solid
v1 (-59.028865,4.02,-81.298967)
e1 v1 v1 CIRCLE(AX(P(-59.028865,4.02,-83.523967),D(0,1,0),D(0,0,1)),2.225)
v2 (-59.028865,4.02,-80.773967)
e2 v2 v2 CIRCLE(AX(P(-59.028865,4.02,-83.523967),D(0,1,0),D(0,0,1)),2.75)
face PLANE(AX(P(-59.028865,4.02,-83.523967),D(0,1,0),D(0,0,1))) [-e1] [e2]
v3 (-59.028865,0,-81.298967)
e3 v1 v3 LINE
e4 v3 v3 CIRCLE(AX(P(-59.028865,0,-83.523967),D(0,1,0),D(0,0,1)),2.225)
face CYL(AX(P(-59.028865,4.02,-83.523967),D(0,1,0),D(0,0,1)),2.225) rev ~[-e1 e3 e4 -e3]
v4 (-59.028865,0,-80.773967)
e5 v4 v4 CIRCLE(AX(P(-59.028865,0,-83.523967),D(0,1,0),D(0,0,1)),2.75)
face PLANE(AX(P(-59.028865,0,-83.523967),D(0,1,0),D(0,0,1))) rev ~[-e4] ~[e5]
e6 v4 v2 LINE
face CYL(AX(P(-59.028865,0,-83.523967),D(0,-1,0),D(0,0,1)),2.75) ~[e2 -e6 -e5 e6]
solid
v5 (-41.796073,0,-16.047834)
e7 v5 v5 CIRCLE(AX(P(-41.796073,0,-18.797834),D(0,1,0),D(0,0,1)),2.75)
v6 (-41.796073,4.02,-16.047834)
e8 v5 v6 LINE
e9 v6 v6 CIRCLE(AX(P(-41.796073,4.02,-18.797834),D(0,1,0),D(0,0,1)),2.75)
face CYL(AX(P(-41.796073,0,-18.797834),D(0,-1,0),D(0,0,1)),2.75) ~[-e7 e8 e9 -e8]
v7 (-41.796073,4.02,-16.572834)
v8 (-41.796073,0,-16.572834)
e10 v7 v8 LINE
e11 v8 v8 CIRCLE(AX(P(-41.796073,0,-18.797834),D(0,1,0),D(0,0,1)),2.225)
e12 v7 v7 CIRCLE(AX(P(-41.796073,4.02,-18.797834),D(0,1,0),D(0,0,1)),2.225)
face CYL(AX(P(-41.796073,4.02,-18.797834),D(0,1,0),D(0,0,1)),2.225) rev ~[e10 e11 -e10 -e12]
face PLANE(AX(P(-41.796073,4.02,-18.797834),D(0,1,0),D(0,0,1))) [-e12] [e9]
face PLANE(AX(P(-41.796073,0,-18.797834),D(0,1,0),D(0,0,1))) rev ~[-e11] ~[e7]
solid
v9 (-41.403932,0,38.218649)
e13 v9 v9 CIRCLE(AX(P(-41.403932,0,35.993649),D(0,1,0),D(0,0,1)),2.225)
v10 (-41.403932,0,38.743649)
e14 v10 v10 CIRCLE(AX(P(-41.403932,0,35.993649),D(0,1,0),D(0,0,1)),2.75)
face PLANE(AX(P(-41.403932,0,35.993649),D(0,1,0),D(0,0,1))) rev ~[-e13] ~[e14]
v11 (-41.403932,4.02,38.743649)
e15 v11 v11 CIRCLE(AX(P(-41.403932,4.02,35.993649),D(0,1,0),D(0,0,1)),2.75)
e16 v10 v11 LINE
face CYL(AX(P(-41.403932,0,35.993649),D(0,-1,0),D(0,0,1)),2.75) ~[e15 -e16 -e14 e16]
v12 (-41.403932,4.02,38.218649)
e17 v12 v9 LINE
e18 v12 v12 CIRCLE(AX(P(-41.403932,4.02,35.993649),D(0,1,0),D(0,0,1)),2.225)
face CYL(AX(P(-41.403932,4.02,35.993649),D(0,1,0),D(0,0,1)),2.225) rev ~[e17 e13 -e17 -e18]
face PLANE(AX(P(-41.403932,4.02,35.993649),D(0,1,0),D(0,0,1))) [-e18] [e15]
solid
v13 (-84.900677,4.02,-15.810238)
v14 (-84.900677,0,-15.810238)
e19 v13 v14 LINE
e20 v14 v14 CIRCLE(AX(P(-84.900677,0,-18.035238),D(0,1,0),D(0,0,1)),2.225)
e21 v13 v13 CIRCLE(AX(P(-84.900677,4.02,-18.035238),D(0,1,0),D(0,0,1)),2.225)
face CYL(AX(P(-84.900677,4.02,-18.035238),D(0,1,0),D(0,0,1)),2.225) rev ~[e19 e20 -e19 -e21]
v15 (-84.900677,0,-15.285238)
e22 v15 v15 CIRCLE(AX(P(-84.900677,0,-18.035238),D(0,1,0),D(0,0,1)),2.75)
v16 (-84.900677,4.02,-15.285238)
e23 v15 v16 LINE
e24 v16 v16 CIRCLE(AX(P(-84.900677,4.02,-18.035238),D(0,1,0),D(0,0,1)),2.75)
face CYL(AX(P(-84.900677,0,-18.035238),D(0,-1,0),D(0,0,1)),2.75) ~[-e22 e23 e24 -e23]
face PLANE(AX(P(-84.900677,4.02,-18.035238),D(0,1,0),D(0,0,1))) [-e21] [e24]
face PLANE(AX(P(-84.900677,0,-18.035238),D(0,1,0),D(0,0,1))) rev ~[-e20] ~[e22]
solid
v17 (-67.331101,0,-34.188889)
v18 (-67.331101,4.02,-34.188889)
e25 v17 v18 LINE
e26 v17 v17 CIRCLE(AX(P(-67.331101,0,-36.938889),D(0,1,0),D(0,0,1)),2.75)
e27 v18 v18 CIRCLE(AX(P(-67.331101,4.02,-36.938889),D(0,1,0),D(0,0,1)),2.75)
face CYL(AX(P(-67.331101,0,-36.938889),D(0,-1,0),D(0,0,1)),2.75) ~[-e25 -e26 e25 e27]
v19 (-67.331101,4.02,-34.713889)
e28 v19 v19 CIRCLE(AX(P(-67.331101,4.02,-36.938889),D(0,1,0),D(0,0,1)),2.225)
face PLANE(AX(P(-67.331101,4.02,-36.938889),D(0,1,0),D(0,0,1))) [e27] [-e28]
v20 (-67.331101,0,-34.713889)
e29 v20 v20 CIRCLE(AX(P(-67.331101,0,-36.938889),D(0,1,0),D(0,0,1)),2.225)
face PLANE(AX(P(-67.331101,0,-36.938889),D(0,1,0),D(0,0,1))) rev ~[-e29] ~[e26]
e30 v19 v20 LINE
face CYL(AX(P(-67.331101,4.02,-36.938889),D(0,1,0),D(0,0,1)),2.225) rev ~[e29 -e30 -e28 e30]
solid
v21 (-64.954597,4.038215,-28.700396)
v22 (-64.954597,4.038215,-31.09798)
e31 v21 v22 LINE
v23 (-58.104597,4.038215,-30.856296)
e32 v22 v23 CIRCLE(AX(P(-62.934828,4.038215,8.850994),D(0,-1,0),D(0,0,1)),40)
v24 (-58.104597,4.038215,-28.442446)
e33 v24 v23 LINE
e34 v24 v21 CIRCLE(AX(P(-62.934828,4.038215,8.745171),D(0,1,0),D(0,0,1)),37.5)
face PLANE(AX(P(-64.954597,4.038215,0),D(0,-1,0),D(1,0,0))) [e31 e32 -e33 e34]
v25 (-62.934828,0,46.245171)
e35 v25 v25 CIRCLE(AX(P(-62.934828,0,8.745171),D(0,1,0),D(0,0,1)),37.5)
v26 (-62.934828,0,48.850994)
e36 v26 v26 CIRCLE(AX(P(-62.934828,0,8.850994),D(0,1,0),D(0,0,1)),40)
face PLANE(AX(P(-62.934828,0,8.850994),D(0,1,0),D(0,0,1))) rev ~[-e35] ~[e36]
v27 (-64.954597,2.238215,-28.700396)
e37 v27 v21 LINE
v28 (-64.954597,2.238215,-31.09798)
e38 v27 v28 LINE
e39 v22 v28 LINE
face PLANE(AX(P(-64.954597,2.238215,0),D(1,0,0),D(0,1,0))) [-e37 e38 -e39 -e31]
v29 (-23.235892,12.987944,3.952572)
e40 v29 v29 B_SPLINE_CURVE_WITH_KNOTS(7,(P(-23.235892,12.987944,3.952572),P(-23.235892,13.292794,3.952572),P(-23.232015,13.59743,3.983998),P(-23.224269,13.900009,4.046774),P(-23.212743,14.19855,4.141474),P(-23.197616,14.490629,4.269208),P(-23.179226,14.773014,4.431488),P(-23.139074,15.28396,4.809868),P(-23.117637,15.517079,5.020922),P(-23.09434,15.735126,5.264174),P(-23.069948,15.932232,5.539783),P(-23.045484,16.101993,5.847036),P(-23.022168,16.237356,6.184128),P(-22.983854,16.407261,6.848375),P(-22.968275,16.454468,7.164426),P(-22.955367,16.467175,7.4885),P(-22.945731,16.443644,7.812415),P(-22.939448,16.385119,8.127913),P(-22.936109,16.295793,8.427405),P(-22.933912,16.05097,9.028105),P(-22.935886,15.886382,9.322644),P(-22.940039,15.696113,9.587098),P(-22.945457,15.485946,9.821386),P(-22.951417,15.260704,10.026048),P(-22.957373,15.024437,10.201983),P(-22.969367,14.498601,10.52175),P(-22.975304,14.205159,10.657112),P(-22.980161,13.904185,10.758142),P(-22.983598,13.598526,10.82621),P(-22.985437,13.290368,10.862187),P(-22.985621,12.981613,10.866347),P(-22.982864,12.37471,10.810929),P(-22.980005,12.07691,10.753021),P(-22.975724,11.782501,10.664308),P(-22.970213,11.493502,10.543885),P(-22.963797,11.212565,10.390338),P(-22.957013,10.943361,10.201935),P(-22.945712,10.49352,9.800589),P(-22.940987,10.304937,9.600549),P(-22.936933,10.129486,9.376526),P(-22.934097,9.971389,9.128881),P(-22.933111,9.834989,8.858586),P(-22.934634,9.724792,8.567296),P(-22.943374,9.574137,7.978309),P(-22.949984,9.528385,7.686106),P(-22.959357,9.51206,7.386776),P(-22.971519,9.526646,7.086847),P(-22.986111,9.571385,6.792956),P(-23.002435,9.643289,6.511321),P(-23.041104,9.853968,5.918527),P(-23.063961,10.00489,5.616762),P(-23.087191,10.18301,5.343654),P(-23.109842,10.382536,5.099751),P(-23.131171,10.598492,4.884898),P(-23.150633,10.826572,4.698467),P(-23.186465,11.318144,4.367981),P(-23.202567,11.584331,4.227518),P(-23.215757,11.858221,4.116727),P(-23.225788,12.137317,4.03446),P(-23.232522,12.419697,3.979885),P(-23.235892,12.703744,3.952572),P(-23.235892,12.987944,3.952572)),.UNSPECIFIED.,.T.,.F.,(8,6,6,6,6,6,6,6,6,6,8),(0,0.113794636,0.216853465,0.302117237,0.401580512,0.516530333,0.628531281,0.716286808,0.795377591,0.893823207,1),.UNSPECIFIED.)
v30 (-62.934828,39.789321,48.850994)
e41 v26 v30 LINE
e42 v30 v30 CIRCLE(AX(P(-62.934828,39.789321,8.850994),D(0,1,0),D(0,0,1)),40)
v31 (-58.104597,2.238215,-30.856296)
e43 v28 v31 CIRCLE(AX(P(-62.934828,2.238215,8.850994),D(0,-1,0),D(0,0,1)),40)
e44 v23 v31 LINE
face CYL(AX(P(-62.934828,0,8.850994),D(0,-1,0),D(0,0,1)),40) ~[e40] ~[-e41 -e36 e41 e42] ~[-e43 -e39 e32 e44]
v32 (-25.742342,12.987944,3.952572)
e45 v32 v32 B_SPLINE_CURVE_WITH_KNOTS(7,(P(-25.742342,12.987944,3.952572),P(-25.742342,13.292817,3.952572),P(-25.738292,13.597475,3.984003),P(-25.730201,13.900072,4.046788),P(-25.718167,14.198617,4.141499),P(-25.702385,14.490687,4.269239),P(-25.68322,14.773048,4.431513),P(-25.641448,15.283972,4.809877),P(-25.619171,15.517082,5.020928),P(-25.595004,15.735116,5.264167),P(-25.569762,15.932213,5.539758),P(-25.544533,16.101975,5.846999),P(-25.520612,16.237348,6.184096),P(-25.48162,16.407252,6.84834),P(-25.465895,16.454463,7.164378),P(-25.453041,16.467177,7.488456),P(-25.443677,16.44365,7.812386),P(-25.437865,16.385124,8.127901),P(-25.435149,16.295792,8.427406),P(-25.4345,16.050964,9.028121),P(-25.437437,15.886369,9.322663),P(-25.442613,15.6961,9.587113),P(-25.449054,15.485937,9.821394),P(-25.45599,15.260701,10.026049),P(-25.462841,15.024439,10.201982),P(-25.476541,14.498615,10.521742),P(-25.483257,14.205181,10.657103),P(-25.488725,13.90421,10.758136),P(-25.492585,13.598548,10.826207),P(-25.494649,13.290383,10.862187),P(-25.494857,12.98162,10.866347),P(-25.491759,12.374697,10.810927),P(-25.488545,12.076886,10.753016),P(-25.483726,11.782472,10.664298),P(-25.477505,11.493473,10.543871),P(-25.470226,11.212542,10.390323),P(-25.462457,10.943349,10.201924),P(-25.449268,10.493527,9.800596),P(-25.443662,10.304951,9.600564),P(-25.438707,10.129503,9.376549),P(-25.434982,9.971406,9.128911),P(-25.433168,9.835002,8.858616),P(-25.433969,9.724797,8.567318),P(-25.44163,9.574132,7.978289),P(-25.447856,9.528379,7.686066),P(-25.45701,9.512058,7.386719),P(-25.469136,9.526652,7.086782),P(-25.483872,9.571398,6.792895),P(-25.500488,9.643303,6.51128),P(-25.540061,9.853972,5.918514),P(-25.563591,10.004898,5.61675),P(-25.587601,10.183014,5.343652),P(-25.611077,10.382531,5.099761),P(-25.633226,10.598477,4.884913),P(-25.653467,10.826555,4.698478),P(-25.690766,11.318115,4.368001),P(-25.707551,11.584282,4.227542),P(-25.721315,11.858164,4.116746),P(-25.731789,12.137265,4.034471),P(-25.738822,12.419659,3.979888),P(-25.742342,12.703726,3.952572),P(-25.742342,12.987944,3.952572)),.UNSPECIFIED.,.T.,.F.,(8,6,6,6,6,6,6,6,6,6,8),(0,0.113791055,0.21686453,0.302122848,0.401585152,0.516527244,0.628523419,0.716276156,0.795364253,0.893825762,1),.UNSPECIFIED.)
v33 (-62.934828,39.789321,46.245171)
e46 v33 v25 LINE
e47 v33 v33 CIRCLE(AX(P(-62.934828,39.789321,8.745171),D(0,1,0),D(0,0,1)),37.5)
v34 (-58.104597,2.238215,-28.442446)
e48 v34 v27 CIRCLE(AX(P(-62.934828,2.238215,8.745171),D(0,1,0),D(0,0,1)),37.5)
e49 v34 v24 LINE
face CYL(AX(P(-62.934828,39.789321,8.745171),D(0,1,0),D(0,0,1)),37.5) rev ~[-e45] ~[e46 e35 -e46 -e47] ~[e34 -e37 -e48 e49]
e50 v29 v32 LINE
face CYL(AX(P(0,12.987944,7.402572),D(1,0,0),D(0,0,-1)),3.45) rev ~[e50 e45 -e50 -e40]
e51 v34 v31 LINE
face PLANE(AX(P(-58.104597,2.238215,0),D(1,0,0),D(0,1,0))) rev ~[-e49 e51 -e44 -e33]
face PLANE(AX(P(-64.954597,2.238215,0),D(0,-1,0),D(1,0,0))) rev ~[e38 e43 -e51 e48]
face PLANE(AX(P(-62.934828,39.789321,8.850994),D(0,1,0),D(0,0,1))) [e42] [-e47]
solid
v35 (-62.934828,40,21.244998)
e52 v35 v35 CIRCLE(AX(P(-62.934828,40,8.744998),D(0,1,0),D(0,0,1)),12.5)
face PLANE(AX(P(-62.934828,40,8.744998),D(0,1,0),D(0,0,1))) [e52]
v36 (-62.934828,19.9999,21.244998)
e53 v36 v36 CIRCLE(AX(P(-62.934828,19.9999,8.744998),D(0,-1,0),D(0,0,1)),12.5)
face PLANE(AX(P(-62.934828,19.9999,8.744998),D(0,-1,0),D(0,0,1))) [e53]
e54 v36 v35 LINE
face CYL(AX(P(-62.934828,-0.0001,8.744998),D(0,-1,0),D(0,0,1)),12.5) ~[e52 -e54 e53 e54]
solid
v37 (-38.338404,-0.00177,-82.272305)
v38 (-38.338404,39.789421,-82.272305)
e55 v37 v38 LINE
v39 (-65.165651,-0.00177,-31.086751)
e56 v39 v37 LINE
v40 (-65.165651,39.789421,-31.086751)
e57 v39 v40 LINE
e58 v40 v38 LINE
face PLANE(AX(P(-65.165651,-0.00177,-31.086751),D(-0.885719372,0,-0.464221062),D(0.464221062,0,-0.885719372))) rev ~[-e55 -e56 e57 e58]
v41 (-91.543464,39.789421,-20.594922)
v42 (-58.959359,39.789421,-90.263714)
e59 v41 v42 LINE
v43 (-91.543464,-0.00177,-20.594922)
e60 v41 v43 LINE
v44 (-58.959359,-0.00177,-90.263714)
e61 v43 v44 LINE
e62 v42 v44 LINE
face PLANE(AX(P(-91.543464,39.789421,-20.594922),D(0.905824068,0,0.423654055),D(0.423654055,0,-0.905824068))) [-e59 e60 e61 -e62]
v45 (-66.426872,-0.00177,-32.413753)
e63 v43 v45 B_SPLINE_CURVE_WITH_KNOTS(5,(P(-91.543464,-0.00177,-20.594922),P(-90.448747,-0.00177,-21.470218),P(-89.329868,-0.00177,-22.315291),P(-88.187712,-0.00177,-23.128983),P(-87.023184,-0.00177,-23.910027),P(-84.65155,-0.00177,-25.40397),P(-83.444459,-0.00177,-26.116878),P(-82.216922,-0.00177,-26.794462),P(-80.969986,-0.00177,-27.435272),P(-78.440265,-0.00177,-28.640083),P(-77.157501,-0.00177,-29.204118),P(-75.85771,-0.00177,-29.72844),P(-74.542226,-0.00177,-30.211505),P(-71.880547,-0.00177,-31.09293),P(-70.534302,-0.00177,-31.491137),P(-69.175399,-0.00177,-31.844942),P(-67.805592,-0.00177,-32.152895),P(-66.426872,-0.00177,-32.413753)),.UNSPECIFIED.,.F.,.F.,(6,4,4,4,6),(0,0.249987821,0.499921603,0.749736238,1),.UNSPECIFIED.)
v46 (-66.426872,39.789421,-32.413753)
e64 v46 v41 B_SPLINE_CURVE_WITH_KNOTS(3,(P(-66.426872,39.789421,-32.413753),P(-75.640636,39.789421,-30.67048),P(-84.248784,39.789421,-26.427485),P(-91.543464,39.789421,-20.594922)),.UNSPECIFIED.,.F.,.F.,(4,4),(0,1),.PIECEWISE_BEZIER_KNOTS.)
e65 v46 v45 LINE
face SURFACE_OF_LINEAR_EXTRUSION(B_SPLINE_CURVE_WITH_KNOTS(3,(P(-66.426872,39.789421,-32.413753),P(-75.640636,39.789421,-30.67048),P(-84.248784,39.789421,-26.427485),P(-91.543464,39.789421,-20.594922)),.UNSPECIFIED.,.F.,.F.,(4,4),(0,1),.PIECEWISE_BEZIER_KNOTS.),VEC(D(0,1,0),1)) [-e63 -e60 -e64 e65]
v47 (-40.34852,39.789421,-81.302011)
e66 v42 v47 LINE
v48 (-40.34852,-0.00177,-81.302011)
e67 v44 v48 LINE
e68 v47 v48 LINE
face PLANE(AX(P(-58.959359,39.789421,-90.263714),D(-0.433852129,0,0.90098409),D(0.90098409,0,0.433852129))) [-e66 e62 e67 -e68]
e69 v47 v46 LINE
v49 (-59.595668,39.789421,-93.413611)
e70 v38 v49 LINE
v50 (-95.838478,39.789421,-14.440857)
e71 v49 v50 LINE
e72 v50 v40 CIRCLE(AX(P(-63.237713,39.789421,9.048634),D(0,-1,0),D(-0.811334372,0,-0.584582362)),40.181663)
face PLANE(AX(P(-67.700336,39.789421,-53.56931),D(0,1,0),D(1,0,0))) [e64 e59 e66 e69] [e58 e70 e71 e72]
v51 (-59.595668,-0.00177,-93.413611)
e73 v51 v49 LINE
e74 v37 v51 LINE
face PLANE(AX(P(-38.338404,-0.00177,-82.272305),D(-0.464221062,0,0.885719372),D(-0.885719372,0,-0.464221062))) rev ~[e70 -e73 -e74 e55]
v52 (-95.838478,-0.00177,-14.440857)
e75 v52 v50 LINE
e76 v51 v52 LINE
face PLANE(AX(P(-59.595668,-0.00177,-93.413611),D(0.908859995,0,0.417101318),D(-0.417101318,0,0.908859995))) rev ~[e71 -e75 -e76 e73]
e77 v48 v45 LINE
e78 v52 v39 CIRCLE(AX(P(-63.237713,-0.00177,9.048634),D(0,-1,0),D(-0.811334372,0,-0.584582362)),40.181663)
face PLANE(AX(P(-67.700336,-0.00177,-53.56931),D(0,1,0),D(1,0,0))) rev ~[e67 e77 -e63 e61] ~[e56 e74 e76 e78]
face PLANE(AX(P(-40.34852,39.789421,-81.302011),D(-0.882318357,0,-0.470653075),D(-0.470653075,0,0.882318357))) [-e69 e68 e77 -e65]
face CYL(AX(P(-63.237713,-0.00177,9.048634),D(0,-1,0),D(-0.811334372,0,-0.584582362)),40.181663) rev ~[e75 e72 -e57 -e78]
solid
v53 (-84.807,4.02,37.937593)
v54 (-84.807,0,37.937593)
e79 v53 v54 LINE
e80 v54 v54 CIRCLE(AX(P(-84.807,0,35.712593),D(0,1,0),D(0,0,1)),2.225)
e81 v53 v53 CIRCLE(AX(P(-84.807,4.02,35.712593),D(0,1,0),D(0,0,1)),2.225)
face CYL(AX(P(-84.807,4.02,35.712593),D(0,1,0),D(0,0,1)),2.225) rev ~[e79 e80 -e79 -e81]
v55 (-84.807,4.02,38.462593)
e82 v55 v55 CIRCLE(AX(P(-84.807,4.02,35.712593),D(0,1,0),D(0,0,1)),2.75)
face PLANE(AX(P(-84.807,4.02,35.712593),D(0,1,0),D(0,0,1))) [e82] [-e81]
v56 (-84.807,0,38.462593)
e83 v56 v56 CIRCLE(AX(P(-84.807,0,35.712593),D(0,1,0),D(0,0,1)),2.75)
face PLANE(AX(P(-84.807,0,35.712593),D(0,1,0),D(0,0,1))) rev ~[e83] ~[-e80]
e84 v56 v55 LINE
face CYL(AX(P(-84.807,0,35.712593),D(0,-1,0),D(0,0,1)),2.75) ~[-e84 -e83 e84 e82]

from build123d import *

# Parameters (mm, degrees)
SKETCH1_R                = 40
BOSS_EXTRUDE2_DEPTH      = 39.78932127
BOSS_EXTRUDE3_DEPTH      = 0.0001
BOSS_EXTRUDE3_DEPTH_BACK = 39.791091685
SKETCH6_R                = 37.5
CUT_EXTRUDE3_DEPTH       = 145.58565744
CUT_EXTRUDE4_DEPTH       = 145.585684961
BOSS_EXTRUDE5_DEPTH      = 40
BOSS_EXTRUDE5_DEPTH_BACK = 0.0001
SKETCH10_R               = 12.5
SKETCH11_R               = 2.75
BOSS_EXTRUDE6_DEPTH      = 4.02
BOSS_EXTRUDE6_2_DEPTH    = 4.02
BOSS_EXTRUDE6_3_DEPTH    = 4.02
BOSS_EXTRUDE6_4_DEPTH    = 4.02
BOSS_EXTRUDE6_5_DEPTH    = 4.02
BOSS_EXTRUDE6_6_DEPTH    = 4.02
SKETCH12_R               = 2.225
CUT_EXTRUDE5_DEPTH       = 144.583570712
SKETCH15_R               = 12.5
CUT_EXTRUDE6_DEPTH       = 20
SKETCH20_R               = 3.45
CUT_EXTRUDE15_DEPTH      = 34
SKETCH21_W               = 6.85
SKETCH21_H               = 1.8
CUT_EXTRUDE17_DEPTH      = 34
SKETCH12_2_R             = 2.225
CUT_EXTRUDE18_DEPTH      = 34


with BuildPart() as part:
    # Sketch1 → Boss-Extrude2 (new body)
    with BuildSketch(Plane(origin=(0, 0, 0), x_dir=(1, 0, 0), z_dir=(0, 1, 0))):
        with Locations((-62.934827524, -8.8509938)):
            Circle(SKETCH1_R)
    extrude(amount=BOSS_EXTRUDE2_DEPTH)

    # Sketch6 → Cut-Extrude3 (cut, through all)
    with BuildSketch(Plane(origin=(0, 39.78932127, 0), x_dir=(1, 0, 0), z_dir=(0, 1, 0))):
        with Locations((-62.934827524, -8.745171417)):
            Circle(SKETCH6_R)
    extrude(amount=-CUT_EXTRUDE3_DEPTH, mode=Mode.SUBTRACT)

    # Sketch20 → Cut-Extrude15 (cut)
    with BuildSketch(Plane(origin=(0, 0, 0), x_dir=(0, 0, -1), z_dir=(1, 0, 0))):
        with Locations((-7.402571606, 12.987944342)):
            Circle(SKETCH20_R)
    extrude(amount=-CUT_EXTRUDE15_DEPTH, mode=Mode.SUBTRACT)

    # Sketch21 → Cut-Extrude17 (cut)
    with BuildSketch(Plane.XY):
        with Locations((-61.529597063, 3.138215431)):
            Rectangle(SKETCH21_W, SKETCH21_H)
    extrude(amount=-CUT_EXTRUDE17_DEPTH, mode=Mode.SUBTRACT)


with BuildPart() as body_2:
    # Sketch2 → Boss-Extrude3 (new, two sides: drawn at the far end of the back side and taken through both)
    with BuildSketch(Plane(origin=(0, 39.78932127, 0), x_dir=(1, 0, 0), z_dir=(0, 1, 0)).offset(-BOSS_EXTRUDE3_DEPTH_BACK)):
        with BuildLine():
            Line((-65.165650645, 31.086750605), (-38.338403536, 82.2723051))
            Line((-38.338403536, 82.2723051), (-59.595668461, 93.413610585))
            Line((-59.595668461, 93.413610585), (-95.838477685, 14.44085743))
            ThreePointArc((-95.838477685, 14.44085743), (-82.403548817, 26.26760578), (-65.165650645, 31.086750605))
        make_face()
    extrude(amount=BOSS_EXTRUDE3_DEPTH + BOSS_EXTRUDE3_DEPTH_BACK)

    # Sketch9 → Cut-Extrude4 (cut, through all)
    with BuildSketch(Plane(origin=(0, 39.78942127, 0), x_dir=(1, 0, 0), z_dir=(0, 1, 0))):
        with BuildLine():
            Line((-58.959359155, 90.26371428), (-40.348519963, 81.302010849))
            Line((-40.348519963, 81.302010849), (-66.426872292, 32.413752837))
            add(Edge.make_bspline(
                [(-66.426872292, 32.413752837), (-75.640635654, 30.670480402), (-84.248783768, 26.427484872), (-91.543463784, 20.594922289)],
                knots=[0, 0, 0, 0, 1, 1, 1, 1], degree=3))
            Line((-91.543463784, 20.594922289), (-58.959359155, 90.26371428))
        make_face()
    extrude(amount=-CUT_EXTRUDE4_DEPTH, mode=Mode.SUBTRACT)


with BuildPart() as body_3:
    # Sketch10 → Boss-Extrude5 (new, two sides: drawn at the far end of the back side and taken through both)
    with BuildSketch(Plane(origin=(0, 0, 0), x_dir=(1, 0, 0), z_dir=(0, 1, 0)).offset(-BOSS_EXTRUDE5_DEPTH_BACK)):
        with Locations((-62.934827524, -8.744998299)):
            Circle(SKETCH10_R)
    extrude(amount=BOSS_EXTRUDE5_DEPTH + BOSS_EXTRUDE5_DEPTH_BACK)

    # Sketch15 → Cut-Extrude6 (cut)
    with BuildSketch(Plane.XZ.offset(0.0001)):
        with Locations((-62.934827524, 8.744998299)):
            Circle(SKETCH15_R)
    extrude(amount=-CUT_EXTRUDE6_DEPTH, mode=Mode.SUBTRACT)


with BuildPart() as body_4:
    # Sketch11 → Boss-Extrude6 (new body)
    with BuildSketch(Plane(origin=(0, 0, 0), x_dir=(1, 0, 0), z_dir=(0, 1, 0))):
        with Locations((-84.900677015, 18.035237824)):
            Circle(SKETCH11_R)
    extrude(amount=BOSS_EXTRUDE6_DEPTH)


with BuildPart() as body_5:
    # Sketch11 → Boss-Extrude6 2 (new body)
    with BuildSketch(Plane(origin=(0, 0, 0), x_dir=(1, 0, 0), z_dir=(0, 1, 0))):
        with Locations((-41.796072931, 18.79783428)):
            Circle(SKETCH11_R)
    extrude(amount=BOSS_EXTRUDE6_2_DEPTH)


with BuildPart() as body_6:
    # Sketch11 → Boss-Extrude6 3 (new body)
    with BuildSketch(Plane(origin=(0, 0, 0), x_dir=(1, 0, 0), z_dir=(0, 1, 0))):
        with Locations((-84.807000271, -35.712593361)):
            Circle(SKETCH11_R)
    extrude(amount=BOSS_EXTRUDE6_3_DEPTH)


with BuildPart() as body_7:
    # Sketch11 → Boss-Extrude6 4 (new body)
    with BuildSketch(Plane(origin=(0, 0, 0), x_dir=(1, 0, 0), z_dir=(0, 1, 0))):
        with Locations((-41.403931801, -35.993648692)):
            Circle(SKETCH11_R)
    extrude(amount=BOSS_EXTRUDE6_4_DEPTH)


with BuildPart() as body_8:
    # Sketch11 → Boss-Extrude6 5 (new body)
    with BuildSketch(Plane(origin=(0, 0, 0), x_dir=(1, 0, 0), z_dir=(0, 1, 0))):
        with Locations((-59.028864713, 83.523966767)):
            Circle(SKETCH11_R)
    extrude(amount=BOSS_EXTRUDE6_5_DEPTH)


with BuildPart() as body_9:
    # Sketch11 → Boss-Extrude6 6 (new body)
    with BuildSketch(Plane(origin=(0, 0, 0), x_dir=(1, 0, 0), z_dir=(0, 1, 0))):
        with Locations((-67.331101039, 36.938888632)):
            Circle(SKETCH11_R)
    extrude(amount=BOSS_EXTRUDE6_6_DEPTH)


with BuildPart() as cut_extrude5_tool:
    # Sketch12 → Cut-Extrude5 (new, through all)
    with BuildSketch(Plane(origin=(0, 4.02, 0), x_dir=(1, 0, 0), z_dir=(0, 1, 0))):
        with Locations((-84.900677015, 18.035237824)):
            Circle(SKETCH12_R)
        with Locations((-84.807000271, -35.712593361)):
            Circle(SKETCH12_R)
        with Locations((-41.796072931, 18.79783428)):
            Circle(SKETCH12_R)
        with Locations((-41.403931801, -35.993648692)):
            Circle(SKETCH12_R)
        with Locations((-67.331101039, 36.938888632)):
            Circle(SKETCH12_R)
        with Locations((-59.028864713, 83.523966767)):
            Circle(SKETCH12_R)
    extrude(amount=-CUT_EXTRUDE5_DEPTH)


with BuildPart() as body_4_1:
    add(body_4.part)

    # Cut-Extrude5: cut by cut_extrude5_tool
    add(cut_extrude5_tool.part, mode=Mode.SUBTRACT)


with BuildPart() as body_5_1:
    add(body_5.part)

    # Cut-Extrude5: cut by cut_extrude5_tool
    add(cut_extrude5_tool.part, mode=Mode.SUBTRACT)


with BuildPart() as body_6_1:
    add(body_6.part)

    # Cut-Extrude5: cut by cut_extrude5_tool
    add(cut_extrude5_tool.part, mode=Mode.SUBTRACT)


with BuildPart() as body_7_1:
    add(body_7.part)

    # Cut-Extrude5: cut by cut_extrude5_tool
    add(cut_extrude5_tool.part, mode=Mode.SUBTRACT)


with BuildPart() as cut_extrude18_tool:
    # Sketch12<2> → Cut-Extrude18 (new body)
    with BuildSketch(Plane(origin=(0, 4.02, 0), x_dir=(1, 0, 0), z_dir=(0, 1, 0))):
        with Locations((-84.900677015, 18.035237824)):
            Circle(SKETCH12_2_R)
        with Locations((-84.807000271, -35.712593361)):
            Circle(SKETCH12_2_R)
        with Locations((-41.796072931, 18.79783428)):
            Circle(SKETCH12_2_R)
        with Locations((-41.403931801, -35.993648692)):
            Circle(SKETCH12_2_R)
        with Locations((-67.331101039, 36.938888632)):
            Circle(SKETCH12_2_R)
        with Locations((-59.028864713, 83.523966767)):
            Circle(SKETCH12_2_R)
    extrude(amount=-CUT_EXTRUDE18_DEPTH)


with BuildPart() as body_8_1:
    add(body_8.part)

    # Cut-Extrude18: cut by cut_extrude18_tool
    add(cut_extrude18_tool.part, mode=Mode.SUBTRACT)


with BuildPart() as body_9_1:
    add(body_9.part)

    # Cut-Extrude18: cut by cut_extrude18_tool
    add(cut_extrude18_tool.part, mode=Mode.SUBTRACT)


solid = Compound([part.part, body_2.part, body_3.part, body_4_1.part, body_5_1.part, body_6_1.part, body_7_1.part, body_8_1.part, body_9_1.part])
